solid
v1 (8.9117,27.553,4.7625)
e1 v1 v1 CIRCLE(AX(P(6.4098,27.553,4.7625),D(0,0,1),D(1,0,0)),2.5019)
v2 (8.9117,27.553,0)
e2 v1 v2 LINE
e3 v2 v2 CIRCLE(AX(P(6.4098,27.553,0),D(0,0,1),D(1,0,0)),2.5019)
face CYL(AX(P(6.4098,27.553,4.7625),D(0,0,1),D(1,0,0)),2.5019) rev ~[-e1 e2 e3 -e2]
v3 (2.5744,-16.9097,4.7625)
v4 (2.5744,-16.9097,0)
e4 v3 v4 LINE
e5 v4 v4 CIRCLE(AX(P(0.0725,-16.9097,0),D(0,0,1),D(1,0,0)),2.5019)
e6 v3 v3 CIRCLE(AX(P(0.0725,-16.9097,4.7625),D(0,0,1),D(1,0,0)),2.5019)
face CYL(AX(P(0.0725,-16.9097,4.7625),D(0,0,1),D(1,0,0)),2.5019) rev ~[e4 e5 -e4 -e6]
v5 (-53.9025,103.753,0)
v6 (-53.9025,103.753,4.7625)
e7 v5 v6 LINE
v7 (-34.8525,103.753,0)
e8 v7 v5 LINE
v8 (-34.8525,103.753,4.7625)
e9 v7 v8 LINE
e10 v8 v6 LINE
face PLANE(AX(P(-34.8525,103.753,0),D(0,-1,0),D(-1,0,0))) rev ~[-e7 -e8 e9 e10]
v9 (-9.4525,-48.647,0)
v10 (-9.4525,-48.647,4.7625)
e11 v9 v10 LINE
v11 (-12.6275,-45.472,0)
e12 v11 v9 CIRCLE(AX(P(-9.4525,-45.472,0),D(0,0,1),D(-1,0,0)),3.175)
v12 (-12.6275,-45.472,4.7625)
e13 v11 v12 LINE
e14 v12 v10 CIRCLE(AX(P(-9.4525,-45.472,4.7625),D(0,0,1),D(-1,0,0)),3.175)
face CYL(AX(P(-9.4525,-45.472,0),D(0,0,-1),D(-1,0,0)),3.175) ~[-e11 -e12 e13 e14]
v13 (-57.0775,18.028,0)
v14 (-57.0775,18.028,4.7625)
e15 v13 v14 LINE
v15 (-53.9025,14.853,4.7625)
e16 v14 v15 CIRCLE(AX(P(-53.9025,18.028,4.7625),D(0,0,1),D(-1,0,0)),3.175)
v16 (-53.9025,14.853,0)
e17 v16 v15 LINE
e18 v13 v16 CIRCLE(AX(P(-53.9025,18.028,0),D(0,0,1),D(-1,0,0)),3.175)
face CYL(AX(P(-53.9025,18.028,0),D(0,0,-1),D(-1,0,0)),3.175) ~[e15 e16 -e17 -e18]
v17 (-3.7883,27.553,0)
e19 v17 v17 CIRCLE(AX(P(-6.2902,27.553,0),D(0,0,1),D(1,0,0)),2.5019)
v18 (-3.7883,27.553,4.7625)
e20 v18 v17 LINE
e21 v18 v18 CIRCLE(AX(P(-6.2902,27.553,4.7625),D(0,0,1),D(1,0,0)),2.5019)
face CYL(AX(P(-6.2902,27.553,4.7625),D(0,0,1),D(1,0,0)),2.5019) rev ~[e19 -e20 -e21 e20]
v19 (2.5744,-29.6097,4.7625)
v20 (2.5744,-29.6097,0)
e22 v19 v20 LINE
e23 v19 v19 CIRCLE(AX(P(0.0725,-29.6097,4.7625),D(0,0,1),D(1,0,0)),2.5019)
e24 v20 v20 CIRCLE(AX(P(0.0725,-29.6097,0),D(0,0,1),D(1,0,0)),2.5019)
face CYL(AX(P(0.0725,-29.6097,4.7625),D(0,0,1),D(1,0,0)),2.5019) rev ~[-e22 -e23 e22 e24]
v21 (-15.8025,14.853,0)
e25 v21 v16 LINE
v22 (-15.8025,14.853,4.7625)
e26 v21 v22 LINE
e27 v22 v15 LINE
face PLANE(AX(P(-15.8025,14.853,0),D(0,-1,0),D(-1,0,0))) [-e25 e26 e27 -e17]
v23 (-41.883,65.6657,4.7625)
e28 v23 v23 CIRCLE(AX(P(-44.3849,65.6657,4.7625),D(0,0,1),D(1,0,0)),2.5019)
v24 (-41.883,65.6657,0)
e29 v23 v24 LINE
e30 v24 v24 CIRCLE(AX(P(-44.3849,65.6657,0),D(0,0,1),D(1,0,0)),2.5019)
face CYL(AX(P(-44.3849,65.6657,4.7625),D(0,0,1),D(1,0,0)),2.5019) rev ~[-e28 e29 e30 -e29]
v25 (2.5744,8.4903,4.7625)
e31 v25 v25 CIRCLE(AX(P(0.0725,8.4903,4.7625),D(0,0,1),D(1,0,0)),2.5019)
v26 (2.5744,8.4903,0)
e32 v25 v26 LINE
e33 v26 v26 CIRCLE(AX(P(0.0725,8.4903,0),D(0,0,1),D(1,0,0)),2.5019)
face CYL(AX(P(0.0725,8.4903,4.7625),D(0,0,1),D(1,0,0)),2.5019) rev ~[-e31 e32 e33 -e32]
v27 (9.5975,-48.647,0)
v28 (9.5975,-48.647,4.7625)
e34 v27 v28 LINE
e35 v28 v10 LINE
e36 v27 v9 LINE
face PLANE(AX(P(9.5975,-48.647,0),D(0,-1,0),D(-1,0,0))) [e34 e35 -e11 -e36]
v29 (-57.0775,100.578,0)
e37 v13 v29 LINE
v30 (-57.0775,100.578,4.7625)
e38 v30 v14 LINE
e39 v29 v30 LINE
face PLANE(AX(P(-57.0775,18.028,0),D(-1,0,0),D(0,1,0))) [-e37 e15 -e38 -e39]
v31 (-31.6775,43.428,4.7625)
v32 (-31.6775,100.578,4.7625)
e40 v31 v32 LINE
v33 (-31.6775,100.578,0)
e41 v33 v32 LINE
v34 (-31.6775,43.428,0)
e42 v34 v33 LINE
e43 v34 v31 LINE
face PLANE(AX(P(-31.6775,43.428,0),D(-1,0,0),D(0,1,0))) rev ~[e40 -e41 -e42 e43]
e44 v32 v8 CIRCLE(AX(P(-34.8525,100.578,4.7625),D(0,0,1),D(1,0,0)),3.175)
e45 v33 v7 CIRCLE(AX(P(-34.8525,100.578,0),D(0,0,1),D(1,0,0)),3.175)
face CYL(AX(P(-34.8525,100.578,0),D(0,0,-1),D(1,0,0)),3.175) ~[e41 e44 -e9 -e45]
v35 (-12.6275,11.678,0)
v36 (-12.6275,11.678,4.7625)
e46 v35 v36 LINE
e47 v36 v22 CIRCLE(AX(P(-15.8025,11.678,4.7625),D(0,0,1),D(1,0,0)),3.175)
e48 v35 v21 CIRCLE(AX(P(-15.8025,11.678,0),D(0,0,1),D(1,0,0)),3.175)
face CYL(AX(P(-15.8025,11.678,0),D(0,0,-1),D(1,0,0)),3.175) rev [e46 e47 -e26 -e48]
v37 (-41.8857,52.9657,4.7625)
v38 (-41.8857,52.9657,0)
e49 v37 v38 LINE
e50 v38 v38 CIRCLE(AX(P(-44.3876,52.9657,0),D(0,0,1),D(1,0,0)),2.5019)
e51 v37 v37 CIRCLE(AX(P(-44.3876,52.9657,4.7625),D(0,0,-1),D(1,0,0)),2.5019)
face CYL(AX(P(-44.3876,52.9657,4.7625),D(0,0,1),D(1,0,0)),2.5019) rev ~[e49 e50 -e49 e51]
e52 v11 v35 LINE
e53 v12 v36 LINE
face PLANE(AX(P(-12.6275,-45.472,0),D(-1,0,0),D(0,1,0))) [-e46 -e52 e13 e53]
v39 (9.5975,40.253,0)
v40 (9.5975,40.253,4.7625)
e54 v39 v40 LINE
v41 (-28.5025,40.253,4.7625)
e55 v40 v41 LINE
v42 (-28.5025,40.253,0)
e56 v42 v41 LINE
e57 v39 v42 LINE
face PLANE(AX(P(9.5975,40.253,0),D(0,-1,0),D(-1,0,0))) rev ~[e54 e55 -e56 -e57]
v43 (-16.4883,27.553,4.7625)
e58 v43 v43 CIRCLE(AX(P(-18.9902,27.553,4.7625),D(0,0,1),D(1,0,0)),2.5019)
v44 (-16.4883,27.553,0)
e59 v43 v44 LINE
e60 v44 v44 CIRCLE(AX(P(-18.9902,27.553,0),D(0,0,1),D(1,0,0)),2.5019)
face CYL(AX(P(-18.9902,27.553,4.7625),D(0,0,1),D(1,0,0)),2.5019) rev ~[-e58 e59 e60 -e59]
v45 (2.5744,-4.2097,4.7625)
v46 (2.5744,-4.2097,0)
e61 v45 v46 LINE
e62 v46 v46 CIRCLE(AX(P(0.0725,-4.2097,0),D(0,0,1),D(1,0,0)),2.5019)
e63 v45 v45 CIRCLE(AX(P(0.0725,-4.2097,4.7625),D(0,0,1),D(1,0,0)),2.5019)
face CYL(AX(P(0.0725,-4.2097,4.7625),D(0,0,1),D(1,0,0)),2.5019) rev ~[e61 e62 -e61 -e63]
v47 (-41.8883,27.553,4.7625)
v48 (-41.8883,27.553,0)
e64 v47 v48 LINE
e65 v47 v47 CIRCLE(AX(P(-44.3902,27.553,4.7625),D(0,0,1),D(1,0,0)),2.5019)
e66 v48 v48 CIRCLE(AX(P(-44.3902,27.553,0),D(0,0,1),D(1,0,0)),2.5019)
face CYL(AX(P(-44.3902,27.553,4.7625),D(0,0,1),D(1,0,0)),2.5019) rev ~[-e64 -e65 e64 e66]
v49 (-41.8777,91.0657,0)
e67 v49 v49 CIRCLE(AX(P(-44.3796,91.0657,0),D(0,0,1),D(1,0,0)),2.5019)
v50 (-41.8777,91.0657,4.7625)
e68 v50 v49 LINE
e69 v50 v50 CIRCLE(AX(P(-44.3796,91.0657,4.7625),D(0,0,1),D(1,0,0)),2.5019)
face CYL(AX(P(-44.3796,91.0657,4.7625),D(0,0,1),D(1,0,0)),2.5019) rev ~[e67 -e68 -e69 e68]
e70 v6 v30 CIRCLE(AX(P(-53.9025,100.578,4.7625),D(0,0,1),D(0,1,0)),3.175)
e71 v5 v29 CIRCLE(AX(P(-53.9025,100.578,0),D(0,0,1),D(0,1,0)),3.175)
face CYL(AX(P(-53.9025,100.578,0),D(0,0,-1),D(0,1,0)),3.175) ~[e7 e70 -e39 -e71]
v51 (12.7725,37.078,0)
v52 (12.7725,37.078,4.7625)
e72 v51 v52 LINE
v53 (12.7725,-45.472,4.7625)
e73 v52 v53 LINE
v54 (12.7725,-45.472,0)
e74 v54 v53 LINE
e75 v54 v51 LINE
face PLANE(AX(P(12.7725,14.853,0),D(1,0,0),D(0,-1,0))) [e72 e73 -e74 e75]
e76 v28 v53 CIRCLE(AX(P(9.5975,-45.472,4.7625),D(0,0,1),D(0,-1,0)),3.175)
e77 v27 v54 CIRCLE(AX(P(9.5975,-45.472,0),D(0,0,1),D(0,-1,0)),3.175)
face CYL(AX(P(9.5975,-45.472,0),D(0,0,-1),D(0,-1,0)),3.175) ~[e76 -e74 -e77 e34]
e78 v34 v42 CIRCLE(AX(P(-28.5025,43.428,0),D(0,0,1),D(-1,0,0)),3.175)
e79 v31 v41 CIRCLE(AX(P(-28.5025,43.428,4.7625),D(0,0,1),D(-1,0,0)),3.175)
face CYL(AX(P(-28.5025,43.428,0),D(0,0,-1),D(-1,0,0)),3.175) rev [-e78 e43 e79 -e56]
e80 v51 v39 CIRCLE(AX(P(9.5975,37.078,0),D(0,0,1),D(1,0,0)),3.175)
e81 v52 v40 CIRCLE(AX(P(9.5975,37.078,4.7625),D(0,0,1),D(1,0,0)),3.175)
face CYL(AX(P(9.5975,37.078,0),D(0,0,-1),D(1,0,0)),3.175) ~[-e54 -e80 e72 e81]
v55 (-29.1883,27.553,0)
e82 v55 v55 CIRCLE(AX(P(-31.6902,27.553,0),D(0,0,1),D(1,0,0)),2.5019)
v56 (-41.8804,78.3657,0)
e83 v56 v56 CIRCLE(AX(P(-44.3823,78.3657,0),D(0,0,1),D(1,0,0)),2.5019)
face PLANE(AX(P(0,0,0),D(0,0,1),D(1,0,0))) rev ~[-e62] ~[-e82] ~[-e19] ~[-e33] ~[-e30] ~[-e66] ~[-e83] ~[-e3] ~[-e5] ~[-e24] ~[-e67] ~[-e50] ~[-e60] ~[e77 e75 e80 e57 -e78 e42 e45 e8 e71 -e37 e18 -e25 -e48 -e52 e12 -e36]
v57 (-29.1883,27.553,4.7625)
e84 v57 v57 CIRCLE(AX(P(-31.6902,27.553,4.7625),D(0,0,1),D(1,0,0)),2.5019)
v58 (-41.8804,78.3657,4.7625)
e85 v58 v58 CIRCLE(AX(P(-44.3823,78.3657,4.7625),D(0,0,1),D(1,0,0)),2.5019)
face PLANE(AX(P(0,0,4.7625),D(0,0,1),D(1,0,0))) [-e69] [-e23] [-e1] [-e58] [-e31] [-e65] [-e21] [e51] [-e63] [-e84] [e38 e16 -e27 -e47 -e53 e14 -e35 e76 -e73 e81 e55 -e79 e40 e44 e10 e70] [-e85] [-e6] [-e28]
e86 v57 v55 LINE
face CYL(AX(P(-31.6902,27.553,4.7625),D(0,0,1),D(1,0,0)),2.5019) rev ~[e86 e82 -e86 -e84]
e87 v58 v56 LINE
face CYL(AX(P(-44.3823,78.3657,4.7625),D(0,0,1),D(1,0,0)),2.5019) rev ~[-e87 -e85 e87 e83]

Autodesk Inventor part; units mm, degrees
ref_plane "YZ Plane" through (0, 0, 0) normal (1, 0, 0) x (0, 1, 0)
ref_plane "XZ Plane" through (0, 0, 0) normal (0, 1, 0) x (-1, 0, 0)
ref_plane "XY Plane" through (0, 0, 0) normal (0, 0, 1) x (1, 0, 0)
sketch "Sketch1" plane through (0, 0, 0) normal (0, 0, 1) x (1, 0, 0)
  line L0 (12.7725, 14.853) -> (12.7725, 37.078)
  line L1 (9.5975, 40.253) -> (-28.5025, 40.253)
  line L2 (-15.8025, 14.853) -> (-53.9025, 14.853)
  line L3 (-57.0775, 18.028) -> (-57.0775, 40.253)
  line L4 (-31.6775, 43.428) -> (-31.6775, 100.578)
  line L5 (-34.8525, 103.753) -> (-53.9025, 103.753)
  line L6 (-57.0775, 100.578) -> (-57.0775, 40.253)
  line L7 (-57.0775, 40.253) -> (-31.6775, 40.253)
  line L8 (-12.6275, 14.853) -> (12.7725, 14.853)
  line L9 (12.7725, 14.853) -> (12.7725, -45.472)
  line L10 (9.5975, -48.647) -> (-9.4525, -48.647)
  line L11 (-12.6275, -45.472) -> (-12.6275, 11.678)
  arc A0 (-53.9025, 103.753) -> (-57.0775, 100.578) centre (-53.9025, 100.578) ccw
  arc A1 (-31.6775, 100.578) -> (-34.8525, 103.753) centre (-34.8525, 100.578) ccw
  arc A2 (-57.0775, 18.028) -> (-53.9025, 14.853) centre (-53.9025, 18.028) ccw
  arc A3 (-31.6775, 43.428) -> (-28.5025, 40.253) centre (-28.5025, 43.428) ccw
  arc A4 (-12.6275, -45.472) -> (-9.4525, -48.647) centre (-9.4525, -45.472) ccw
  arc A5 (9.5975, -48.647) -> (12.7725, -45.472) centre (9.5975, -45.472) ccw
  arc A6 (12.7725, 37.078) -> (9.5975, 40.253) centre (9.5975, 37.078) ccw
  arc A7 (-12.6275, 11.678) -> (-15.8025, 14.853) centre (-15.8025, 11.678) ccw
  point P0 (12.7725, 40.253)
  point P1 (-57.0775, 14.853)
  point P2 (-31.6775, 103.753)
  point P3 (-57.0775, 103.753)
  point P4 (12.7725, -48.647)
  point P5 (-12.6275, -48.647)
  point P6 (12.7725, 14.853)
  dimension "d7" = 25.4
  dimension "d15" = 25.4
  dimension "d17" = 44.45
  dimension "d18" = 44.45
  dimension "d19" = 25.4
  dimension "d20" = 63.5
  dimension "d21" = 25.4
  dimension "d58" = 63.5
  dimension "d59" = 3.175
extrude "Extrusion1" add sketch "Sketch1" along normal blind 4.7625
sketch "Sketch2" plane through (0, 0, 4.7625) normal (0, 0, 1) x (1, 0, 0)
  line L0 (-57.0775, 100.578) -> (-57.0775, 18.028) projected
  line L1 (-53.9025, 14.853) -> (-15.8025, 14.853) projected
  line L2 (9.5975, 40.253) -> (-28.5025, 40.253) projected
  line L3 (-31.6775, 43.428) -> (-31.6775, 100.578) projected
  line L4 (-34.8525, 103.753) -> (-53.9025, 103.753) projected
  line L5 (-12.6275, 14.853) -> (12.7725, 14.853) construction
  circle A0 centre (0.0725, 8.4903) radius 2.5019
  line L6 (0.0725, 14.853) -> (0.0725, 10.9922) construction
  circle A1 centre (0.0725, -16.9097) radius 2.5019
  circle A2 centre (0.0725, -4.2097) radius 2.5019
  line L7 (0.0725, 5.9884) -> (0.0725, -1.7078) construction
  line L8 (0.0725, -6.7116) -> (0.0725, -14.4078) construction
  circle A3 centre (0.0725, -29.6097) radius 2.5019
  line L9 (0.0725, -19.4116) -> (0.0725, -27.1078) construction
  line L10 (-57.0775, 103.753) -> (-57.0775, 14.853) projected
  line L11 (12.7725, 14.853) -> (-57.0775, 14.853) construction
  line L12 (-57.0775, 14.853) -> (-57.0775, 40.253)
  line L13 (-57.0775, 40.253) -> (12.7725, 40.253) construction
  line L14 (12.7725, 40.253) -> (12.7725, 14.853)
  line L15 (-57.0775, 27.553) -> (12.7725, 27.553) construction
  circle A4 centre (6.4098, 27.553) radius 2.5019
  line L16 (8.9117, 27.553) -> (12.7725, 27.553)
  circle A5 centre (-6.2902, 27.553) radius 2.5019
  line L17 (-69.7775, 27.553) -> (0.0725, 27.553) construction
  circle A6 centre (-18.9902, 27.553) radius 2.5019
  line L18 (-82.4775, 27.553) -> (-12.6275, 27.553) construction
  circle A7 centre (-31.6902, 27.553) radius 2.5019
  line L19 (-95.1775, 27.553) -> (-25.3275, 27.553) construction
  circle A8 centre (-44.3902, 27.553) radius 2.5019
  line L20 (-107.8775, 27.553) -> (-38.0275, 27.553) construction
  line L21 (-44.3902, 40.253) -> (-44.3775, 101.2638) construction
  circle A9 centre (-44.3876, 52.9657) radius 2.5019
  line L22 (-44.3881, 50.4638) -> (-44.3902, 40.253)
  circle A10 centre (-44.3849, 65.6657) radius 2.5019
  circle A11 centre (-44.3823, 78.3657) radius 2.5019
  circle A12 centre (-44.3796, 91.0657) radius 2.5019
  line L23 (-12.6275, 11.678) -> (-12.6275, -45.472) projected
  line L24 (-9.4525, -48.647) -> (9.5975, -48.647) projected
  arc A13 (-31.6775, 43.428) -> (-28.5025, 40.253) centre (-28.5025, 43.428) ccw projected
  arc A14 (-31.6775, 100.578) -> (-34.8525, 103.753) centre (-34.8525, 100.578) ccw projected
  arc A15 (-53.9025, 103.753) -> (-57.0775, 100.578) centre (-53.9025, 100.578) ccw projected
  arc A16 (-57.0775, 18.028) -> (-53.9025, 14.853) centre (-53.9025, 18.028) ccw projected
  arc A17 (-12.6275, 11.678) -> (-15.8025, 14.853) centre (-15.8025, 11.678) ccw projected
  arc A18 (-12.6275, -45.472) -> (-9.4525, -48.647) centre (-9.4525, -45.472) ccw projected
  arc A19 (9.5975, -48.647) -> (12.7725, -45.472) centre (9.5975, -45.472) ccw projected
  line L25 (12.7725, -45.472) -> (12.7725, 37.078) projected
  arc A20 (12.7725, 37.078) -> (9.5975, 40.253) centre (9.5975, 37.078) ccw projected
  point P0 (0, 0)
  point P1 (-3.7883, 27.553)
  point P2 (-16.4883, 27.553)
  point P3 (-29.1883, 27.553)
  point P4 (-41.8883, 27.553)
  point P5 (-44.3854, 63.1638)
  point P6 (-44.3828, 75.8638)
  point P7 (-44.3801, 88.5638)
  dimension "d34" = 5.0038
  dimension "d38" = 5.0038
  dimension "d47" = 5.0038
  dimension "d26" = 5.0038
  dimension "d29" = 3.8608
  dimension "d30" = 5.0038
  dimension "d31" = 5.0038
  dimension "d32" = 7.6962
  dimension "d33" = 7.6962
  dimension "d35" = 7.6962
  dimension "d39" = 3.8608
  dimension "d42" = 12.7
  dimension "d48" = 10.2108
  dimension "d51" = 12.7
extrude "Extrusion2" cut sketch "Sketch2" against normal through all contours A4 | A0 | A1 | A2 | A3 | A5 | A6 | A7 | A8 | A9 | A10 | A11 | A12
properties part number "DVBS_007_Z-bracket1" material "Aluminum 6061"
